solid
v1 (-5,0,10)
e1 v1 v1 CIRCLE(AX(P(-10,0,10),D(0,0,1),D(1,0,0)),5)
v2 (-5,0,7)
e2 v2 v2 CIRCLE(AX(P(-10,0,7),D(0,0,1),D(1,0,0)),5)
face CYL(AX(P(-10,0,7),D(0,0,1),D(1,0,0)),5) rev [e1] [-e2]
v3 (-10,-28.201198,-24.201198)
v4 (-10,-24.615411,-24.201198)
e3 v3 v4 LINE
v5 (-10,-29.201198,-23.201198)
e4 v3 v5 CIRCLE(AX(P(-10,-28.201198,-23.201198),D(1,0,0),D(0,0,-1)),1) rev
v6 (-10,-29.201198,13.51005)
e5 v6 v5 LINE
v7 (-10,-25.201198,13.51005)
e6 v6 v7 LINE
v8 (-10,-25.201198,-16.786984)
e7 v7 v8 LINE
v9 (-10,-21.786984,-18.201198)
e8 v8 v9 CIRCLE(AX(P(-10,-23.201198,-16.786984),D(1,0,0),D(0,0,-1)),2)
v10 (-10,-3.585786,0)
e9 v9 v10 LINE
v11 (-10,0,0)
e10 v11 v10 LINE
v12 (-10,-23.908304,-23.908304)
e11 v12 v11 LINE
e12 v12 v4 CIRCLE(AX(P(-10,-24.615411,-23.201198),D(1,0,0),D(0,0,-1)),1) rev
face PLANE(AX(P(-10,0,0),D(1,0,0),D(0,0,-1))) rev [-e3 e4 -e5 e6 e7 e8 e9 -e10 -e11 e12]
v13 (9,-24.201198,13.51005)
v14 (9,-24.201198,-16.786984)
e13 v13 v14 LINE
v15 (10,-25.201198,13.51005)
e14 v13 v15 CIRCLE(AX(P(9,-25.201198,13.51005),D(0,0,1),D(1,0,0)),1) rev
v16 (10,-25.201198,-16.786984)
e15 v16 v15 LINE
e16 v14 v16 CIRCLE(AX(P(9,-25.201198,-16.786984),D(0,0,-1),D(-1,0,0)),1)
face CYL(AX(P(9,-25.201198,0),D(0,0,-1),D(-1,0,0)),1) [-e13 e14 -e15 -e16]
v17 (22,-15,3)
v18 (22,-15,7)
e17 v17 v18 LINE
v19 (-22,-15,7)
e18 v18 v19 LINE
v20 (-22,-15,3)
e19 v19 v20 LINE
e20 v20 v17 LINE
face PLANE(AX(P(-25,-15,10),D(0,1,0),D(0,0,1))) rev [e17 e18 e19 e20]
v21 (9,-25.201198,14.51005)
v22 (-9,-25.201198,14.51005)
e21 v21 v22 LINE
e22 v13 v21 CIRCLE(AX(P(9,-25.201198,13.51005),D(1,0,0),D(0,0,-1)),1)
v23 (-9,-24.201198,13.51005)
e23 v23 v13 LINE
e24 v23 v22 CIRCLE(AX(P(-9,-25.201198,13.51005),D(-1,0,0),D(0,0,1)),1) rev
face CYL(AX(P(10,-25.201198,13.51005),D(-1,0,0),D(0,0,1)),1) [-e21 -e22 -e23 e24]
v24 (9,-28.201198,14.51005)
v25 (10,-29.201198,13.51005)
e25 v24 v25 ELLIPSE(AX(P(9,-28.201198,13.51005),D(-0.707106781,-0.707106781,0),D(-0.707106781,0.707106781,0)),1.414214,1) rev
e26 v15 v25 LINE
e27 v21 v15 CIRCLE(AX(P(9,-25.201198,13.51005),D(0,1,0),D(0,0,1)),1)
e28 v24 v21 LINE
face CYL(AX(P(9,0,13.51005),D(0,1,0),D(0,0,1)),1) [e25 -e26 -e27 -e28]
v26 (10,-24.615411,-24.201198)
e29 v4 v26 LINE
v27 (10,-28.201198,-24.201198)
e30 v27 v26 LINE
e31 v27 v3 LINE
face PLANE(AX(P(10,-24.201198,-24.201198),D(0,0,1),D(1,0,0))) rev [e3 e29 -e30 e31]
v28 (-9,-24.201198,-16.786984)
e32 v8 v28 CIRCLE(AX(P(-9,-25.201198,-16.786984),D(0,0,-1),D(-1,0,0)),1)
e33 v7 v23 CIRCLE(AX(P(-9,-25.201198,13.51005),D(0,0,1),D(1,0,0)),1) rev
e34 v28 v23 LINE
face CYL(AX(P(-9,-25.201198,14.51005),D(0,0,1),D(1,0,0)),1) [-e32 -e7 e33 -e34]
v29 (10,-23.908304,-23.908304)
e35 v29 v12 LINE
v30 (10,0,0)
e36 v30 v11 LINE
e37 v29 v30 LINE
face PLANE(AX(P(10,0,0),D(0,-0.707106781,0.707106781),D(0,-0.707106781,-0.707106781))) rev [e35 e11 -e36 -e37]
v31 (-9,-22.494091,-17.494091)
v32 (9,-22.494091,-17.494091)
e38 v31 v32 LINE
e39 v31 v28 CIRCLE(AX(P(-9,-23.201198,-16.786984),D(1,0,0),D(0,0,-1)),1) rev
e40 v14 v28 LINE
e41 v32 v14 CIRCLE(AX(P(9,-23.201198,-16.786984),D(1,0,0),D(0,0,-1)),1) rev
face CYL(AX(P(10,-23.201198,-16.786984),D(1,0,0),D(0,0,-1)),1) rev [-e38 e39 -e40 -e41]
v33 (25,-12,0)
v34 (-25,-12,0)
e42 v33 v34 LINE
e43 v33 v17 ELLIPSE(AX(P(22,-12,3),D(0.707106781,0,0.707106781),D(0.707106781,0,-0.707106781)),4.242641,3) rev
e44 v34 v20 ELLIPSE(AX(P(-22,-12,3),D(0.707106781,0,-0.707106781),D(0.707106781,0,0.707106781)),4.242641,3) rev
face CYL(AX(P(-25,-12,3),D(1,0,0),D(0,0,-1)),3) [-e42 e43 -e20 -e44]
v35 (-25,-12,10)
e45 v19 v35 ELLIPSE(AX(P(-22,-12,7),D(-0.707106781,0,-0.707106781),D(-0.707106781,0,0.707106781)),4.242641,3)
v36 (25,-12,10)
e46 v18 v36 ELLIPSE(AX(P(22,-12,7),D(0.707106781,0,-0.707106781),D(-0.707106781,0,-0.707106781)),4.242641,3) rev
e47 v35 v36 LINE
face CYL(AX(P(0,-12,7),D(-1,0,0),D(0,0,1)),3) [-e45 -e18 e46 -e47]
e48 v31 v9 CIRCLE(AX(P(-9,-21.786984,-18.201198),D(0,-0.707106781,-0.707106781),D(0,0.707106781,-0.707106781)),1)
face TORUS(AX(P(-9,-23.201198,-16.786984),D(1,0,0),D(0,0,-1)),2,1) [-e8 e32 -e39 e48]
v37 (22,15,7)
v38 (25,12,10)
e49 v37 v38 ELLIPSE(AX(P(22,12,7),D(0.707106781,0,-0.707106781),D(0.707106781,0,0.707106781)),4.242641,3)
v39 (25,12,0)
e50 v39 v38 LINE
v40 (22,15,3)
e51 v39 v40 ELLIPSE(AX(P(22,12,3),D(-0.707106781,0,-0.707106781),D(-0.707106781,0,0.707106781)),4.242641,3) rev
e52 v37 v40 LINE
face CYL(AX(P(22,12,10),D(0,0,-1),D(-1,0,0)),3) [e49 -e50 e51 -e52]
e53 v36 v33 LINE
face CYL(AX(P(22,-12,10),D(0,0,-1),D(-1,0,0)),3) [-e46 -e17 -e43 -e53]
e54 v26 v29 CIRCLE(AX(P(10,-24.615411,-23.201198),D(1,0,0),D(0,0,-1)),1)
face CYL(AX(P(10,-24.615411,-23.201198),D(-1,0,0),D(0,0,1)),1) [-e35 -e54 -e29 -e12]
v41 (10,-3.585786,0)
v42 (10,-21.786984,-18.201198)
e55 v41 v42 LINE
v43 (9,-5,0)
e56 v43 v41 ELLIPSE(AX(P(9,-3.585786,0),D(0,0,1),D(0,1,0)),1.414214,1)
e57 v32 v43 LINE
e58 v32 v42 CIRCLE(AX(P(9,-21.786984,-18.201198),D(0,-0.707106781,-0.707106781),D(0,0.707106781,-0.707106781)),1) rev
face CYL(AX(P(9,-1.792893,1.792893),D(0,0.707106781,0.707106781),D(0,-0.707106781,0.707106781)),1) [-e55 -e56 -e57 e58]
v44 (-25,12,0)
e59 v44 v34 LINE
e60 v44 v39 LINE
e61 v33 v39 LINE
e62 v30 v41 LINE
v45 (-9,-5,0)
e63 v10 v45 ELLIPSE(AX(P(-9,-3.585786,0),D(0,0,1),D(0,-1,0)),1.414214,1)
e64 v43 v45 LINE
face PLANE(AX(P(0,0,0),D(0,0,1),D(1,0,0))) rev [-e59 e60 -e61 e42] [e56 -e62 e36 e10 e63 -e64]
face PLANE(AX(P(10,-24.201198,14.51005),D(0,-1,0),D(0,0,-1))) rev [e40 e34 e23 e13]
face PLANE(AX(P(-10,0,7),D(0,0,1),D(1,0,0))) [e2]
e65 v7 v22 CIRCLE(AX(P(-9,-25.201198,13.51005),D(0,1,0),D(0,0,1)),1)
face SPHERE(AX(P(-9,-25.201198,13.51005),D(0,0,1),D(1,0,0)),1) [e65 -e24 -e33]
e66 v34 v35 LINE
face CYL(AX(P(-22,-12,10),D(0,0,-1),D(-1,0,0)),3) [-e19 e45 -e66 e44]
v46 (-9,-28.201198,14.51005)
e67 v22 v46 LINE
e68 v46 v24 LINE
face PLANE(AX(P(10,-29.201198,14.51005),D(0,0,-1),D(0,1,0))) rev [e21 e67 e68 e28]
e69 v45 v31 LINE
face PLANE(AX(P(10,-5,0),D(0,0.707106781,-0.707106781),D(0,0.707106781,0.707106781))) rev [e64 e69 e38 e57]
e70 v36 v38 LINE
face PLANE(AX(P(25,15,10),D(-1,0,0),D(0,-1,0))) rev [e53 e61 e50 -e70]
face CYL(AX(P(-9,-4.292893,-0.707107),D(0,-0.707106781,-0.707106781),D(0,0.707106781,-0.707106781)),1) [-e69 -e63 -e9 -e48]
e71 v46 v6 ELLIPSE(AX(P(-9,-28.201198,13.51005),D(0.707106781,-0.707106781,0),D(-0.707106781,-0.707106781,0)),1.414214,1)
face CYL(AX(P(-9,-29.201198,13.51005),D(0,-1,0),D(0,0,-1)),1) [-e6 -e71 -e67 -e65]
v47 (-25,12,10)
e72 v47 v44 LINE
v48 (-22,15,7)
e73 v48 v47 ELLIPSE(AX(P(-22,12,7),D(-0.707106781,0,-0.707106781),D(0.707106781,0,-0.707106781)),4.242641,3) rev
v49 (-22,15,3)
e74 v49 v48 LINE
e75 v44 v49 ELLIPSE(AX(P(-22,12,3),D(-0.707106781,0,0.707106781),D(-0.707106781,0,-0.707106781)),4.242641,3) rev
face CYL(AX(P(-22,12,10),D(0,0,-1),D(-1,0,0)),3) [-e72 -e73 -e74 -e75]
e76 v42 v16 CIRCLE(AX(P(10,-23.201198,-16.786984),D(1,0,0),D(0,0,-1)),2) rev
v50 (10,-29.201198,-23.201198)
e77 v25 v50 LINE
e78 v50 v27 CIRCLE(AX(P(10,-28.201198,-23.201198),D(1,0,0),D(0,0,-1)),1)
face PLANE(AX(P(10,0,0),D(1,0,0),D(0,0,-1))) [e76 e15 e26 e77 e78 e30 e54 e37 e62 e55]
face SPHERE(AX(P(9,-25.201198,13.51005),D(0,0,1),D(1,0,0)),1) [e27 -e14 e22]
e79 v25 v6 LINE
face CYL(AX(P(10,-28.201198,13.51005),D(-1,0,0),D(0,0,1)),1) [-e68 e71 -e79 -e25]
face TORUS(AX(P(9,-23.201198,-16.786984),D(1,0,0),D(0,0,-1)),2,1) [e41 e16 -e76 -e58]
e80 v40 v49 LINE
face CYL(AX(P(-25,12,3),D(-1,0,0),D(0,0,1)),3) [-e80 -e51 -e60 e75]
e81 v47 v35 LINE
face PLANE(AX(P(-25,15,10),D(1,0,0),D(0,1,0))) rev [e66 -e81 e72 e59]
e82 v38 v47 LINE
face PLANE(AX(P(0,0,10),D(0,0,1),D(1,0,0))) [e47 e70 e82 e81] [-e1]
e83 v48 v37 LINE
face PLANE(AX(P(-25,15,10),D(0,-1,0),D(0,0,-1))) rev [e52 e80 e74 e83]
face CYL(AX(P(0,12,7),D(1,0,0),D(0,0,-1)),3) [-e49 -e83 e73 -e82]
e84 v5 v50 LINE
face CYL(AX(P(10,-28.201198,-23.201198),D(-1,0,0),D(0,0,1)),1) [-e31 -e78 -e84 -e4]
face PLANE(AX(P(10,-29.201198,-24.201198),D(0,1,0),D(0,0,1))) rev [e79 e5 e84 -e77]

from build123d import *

# Parameters (mm, degrees)
SKETCH_1_W          = 50
SKETCH_1_H          = 30
EXTRUDE_1_DEPTH     = 10
EXTRUDE_2_DEPTH     = 10
SKETCH_3_R          = 5
CUT_EXTRUDE_1_DEPTH = 3
FILLET_1_R          = 3
FILLET_2_R          = 1


with BuildPart() as part:
    # 스케치1 → 보스-돌출1 (new body)
    with BuildSketch(Plane.XY):
        Rectangle(SKETCH_1_W, SKETCH_1_H)
    extrude(amount=EXTRUDE_1_DEPTH)

    # 스케치2 → 보스-돌출2 (add, symmetric)
    with BuildSketch(Plane(origin=(0, 0, 0), x_dir=(0, 0, -1), z_dir=(1, 0, 0))):
        Polygon((0, 0), (24.201197656, -24.201197656), (24.201197656, -29.201197656), (-14.510049854, -29.201197656), (-14.510049854, -24.201197656), (19.201197656, -24.201197656), (0, -5), align=None)
    extrude(amount=EXTRUDE_2_DEPTH, both=True)

    # 스케치3 → 컷-돌출1 (cut)
    with BuildSketch(Plane.XY.offset(10)):
        with Locations((-10, 0)):
            Circle(SKETCH_3_R)
    extrude(amount=-CUT_EXTRUDE_1_DEPTH, mode=Mode.SUBTRACT)

    # 필렛1
    fillet_1_edges = [part.edges().sort_by_distance(p)[0] for p in [
        (0, -15, 10),
        (0, -15, 0),
        (0, 15, 0),
        (25, -15, 5),
        (-25, -15, 5),
        (-25, 15, 5),
        (25, 15, 5),
        (0, 15, 10),
    ]]
    fillet(fillet_1_edges, radius=FILLET_1_R)

    # 필렛2
    fillet_2_edges = [part.edges().sort_by_distance(p)[0] for p in [
        (-10, -14.600598828, -9.600598828),
        (-10, -24.201197656, -2.345573901),
        (0, -24.201197656, -19.201197656),
        (-10, -26.701197656, 14.510049854),
        (0, -24.201197656, 14.510049854),
        (0, -29.201197656, 14.510049854),
        (0, -29.201197656, -24.201197656),
        (0, -24.201197656, -24.201197656),
        (10, -14.600598828, -9.600598828),
        (10, -24.201197656, -2.345573901),
        (10, -26.701197656, 14.510049854),
    ]]
    fillet(fillet_2_edges, radius=FILLET_2_R)


solid = part.part
